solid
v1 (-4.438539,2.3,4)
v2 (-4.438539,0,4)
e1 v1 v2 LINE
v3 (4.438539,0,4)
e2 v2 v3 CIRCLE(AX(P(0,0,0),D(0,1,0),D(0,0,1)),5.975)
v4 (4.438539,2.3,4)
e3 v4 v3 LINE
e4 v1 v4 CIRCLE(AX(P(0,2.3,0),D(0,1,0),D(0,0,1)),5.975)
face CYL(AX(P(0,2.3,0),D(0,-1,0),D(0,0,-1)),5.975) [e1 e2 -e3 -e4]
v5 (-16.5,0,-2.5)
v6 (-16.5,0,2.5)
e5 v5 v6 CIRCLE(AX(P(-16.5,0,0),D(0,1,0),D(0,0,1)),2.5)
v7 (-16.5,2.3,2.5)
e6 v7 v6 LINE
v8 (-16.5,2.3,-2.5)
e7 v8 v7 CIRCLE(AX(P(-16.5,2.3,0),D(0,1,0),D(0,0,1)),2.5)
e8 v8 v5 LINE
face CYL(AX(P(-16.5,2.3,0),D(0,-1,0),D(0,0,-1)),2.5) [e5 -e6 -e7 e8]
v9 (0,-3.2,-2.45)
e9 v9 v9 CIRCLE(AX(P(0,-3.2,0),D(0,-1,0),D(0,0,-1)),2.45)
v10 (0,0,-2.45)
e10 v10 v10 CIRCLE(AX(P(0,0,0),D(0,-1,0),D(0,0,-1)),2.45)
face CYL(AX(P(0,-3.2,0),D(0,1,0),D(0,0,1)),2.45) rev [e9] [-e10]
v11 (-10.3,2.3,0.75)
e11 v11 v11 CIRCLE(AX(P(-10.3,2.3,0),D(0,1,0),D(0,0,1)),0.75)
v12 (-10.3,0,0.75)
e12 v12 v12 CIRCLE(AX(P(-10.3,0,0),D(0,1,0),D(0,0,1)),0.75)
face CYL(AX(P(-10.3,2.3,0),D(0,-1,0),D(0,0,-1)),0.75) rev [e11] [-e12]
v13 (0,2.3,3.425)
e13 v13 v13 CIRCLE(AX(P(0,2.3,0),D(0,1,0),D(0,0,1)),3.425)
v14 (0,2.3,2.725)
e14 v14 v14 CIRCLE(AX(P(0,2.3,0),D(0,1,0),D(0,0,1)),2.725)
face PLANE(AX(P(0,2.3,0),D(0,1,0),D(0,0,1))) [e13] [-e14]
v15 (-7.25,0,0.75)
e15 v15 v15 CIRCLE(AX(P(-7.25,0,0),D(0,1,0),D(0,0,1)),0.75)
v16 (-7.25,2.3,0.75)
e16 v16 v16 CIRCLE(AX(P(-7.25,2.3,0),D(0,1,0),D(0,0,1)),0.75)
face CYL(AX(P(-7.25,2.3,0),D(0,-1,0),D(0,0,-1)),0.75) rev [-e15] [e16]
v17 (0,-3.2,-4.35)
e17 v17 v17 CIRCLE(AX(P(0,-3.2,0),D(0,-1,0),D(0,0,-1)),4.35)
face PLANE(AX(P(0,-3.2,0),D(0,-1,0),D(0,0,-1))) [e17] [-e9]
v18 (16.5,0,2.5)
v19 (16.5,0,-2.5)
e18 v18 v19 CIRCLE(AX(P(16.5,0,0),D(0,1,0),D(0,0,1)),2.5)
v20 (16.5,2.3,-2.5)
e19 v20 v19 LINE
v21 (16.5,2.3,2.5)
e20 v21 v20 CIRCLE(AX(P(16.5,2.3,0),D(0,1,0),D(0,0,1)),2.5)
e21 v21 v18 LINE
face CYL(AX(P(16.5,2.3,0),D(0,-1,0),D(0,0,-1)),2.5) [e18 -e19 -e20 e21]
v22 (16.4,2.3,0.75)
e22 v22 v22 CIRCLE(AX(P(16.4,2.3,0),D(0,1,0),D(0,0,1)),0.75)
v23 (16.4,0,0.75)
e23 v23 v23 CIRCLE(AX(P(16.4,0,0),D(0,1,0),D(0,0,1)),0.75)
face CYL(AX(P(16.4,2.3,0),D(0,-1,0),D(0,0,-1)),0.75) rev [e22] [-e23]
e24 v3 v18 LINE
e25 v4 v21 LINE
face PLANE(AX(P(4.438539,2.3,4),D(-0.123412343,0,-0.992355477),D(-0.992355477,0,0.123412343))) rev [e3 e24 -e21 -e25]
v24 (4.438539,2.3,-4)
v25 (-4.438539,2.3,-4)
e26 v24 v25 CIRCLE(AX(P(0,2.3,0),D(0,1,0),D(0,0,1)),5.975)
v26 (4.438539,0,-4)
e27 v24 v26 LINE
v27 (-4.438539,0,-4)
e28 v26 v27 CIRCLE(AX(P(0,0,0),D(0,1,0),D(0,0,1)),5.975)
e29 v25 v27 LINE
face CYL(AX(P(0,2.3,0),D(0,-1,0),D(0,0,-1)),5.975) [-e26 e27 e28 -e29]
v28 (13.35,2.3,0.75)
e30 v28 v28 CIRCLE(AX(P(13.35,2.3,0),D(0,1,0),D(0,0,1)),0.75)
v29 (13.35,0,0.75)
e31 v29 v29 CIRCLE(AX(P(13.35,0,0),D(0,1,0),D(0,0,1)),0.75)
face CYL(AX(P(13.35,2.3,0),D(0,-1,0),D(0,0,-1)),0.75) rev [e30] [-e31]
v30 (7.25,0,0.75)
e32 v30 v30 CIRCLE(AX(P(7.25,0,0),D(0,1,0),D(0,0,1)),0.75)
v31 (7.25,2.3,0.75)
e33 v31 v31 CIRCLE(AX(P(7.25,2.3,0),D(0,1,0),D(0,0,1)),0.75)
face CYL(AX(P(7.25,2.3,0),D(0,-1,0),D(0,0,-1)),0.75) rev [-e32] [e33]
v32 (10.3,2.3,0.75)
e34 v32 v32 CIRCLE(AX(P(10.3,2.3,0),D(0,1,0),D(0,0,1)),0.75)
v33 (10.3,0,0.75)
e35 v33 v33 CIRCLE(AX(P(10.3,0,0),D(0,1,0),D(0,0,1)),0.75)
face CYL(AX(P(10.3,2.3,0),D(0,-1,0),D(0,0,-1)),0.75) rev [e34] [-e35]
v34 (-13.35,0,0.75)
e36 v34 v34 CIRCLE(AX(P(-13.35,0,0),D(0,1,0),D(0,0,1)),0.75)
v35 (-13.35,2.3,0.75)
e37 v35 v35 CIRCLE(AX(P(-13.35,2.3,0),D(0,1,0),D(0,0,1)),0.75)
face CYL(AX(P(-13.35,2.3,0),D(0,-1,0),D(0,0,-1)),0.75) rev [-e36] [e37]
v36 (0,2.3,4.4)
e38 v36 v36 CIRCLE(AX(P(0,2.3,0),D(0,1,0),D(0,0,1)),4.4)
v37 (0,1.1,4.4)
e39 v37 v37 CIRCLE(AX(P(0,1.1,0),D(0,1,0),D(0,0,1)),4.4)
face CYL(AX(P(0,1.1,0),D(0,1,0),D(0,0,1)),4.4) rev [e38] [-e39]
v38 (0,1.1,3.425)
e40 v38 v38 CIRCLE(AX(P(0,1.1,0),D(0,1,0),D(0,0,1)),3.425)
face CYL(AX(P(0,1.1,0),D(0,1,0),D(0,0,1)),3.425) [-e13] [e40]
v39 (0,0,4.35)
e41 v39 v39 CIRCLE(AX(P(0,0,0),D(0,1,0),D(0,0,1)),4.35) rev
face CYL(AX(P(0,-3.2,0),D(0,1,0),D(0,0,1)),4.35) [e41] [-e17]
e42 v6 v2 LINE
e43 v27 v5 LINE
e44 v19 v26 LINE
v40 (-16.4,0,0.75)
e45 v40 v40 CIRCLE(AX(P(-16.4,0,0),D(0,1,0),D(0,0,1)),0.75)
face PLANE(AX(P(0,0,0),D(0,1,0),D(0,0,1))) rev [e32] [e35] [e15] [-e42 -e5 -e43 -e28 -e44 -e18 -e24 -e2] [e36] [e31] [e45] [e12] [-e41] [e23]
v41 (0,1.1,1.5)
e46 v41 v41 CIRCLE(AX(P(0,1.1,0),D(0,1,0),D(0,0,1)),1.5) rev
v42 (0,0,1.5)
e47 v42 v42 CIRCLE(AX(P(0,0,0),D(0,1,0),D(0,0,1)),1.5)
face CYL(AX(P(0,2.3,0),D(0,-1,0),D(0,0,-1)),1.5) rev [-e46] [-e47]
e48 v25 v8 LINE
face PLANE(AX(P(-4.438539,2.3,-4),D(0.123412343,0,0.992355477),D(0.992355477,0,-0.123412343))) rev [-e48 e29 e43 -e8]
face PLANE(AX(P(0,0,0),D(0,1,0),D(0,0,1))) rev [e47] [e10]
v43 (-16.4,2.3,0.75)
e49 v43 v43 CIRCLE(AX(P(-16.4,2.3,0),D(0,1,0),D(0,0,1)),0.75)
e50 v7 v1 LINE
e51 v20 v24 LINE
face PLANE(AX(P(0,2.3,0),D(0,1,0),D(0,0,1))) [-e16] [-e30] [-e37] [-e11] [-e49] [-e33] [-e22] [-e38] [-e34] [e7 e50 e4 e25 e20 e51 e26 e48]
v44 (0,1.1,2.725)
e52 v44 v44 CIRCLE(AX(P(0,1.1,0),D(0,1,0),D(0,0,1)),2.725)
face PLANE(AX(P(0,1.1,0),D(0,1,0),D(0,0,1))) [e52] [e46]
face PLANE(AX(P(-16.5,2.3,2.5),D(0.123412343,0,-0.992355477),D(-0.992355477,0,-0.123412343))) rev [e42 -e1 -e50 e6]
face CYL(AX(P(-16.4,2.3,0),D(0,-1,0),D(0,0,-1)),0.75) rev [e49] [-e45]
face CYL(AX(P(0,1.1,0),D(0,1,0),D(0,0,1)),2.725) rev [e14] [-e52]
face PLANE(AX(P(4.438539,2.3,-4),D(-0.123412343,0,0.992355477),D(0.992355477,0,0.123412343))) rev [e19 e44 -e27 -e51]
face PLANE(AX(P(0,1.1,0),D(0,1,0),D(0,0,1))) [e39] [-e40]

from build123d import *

# Parameters (mm, degrees)
SKETCH_1_R          = 1.5
SKETCH_1_R_2        = 0.75
EXTRUDE_1_DEPTH     = 2.3
SKETCH_2_R          = 4.35
SKETCH_2_R_2        = 2.45
EXTRUDE_2_DEPTH     = 3.2
CUT_EXTRUDE_START   = -1.2
SKETCH_3_R          = 4.4
SKETCH_3_R_2        = 3.425
SKETCH_3_R_3        = 2.725
SKETCH_3_R_4        = 1.5
CUT_EXTRUDE_1_DEPTH = 1.2


with BuildPart() as part:
    # Sketch 1 → Бобышка-Вытянуть1 (new body)
    with BuildSketch(Plane(origin=(0, 0, 0), x_dir=(1, 0, 0), z_dir=(0, 1, 0))):
        with BuildLine():
            Line((4.438538611, 4), (16.5, 2.5))
            ThreePointArc((16.5, 2.5), (19, 0), (16.5, -2.5))
            Line((16.5, -2.5), (4.438538611, -4))
            ThreePointArc((4.438538611, -4), (0, -5.975), (-4.438538611, -4))
            Line((-4.438538611, -4), (-16.5, -2.5))
            ThreePointArc((-16.5, -2.5), (-19, 0), (-16.5, 2.5))
            Line((-16.5, 2.5), (-4.438538611, 4))
            ThreePointArc((-4.438538611, 4), (0, 5.975), (4.438538611, 4))
        make_face()
        with Locations(Location((0, 0, 0), (0, 0, 270))):
            Circle(SKETCH_1_R, mode=Mode.SUBTRACT)
        with Locations(Location((10.3, 0, 0), (0, 0, 270))):
            Circle(SKETCH_1_R_2, mode=Mode.SUBTRACT)
        with Locations(Location((13.35, 0, 0), (0, 0, 270))):
            Circle(SKETCH_1_R_2, mode=Mode.SUBTRACT)
        with Locations(Location((16.4, 0, 0), (0, 0, 270))):
            Circle(SKETCH_1_R_2, mode=Mode.SUBTRACT)
        with Locations(Location((-10.3, 0, 0), (0, 0, 270))):
            Circle(SKETCH_1_R_2, mode=Mode.SUBTRACT)
        with Locations(Location((-13.35, 0, 0), (0, 0, 270))):
            Circle(SKETCH_1_R_2, mode=Mode.SUBTRACT)
        with Locations(Location((-16.4, 0, 0), (0, 0, 270))):
            Circle(SKETCH_1_R_2, mode=Mode.SUBTRACT)
        with Locations(Location((7.25, 0, 0), (0, 0, 270))):
            Circle(SKETCH_1_R_2, mode=Mode.SUBTRACT)
        with Locations(Location((-7.25, 0, 0), (0, 0, 270))):
            Circle(SKETCH_1_R_2, mode=Mode.SUBTRACT)
    extrude(amount=EXTRUDE_1_DEPTH)

    # Эскиз2 → Бобышка-Вытянуть2 (add)
    with BuildSketch(Plane.XZ):
        with Locations(Location((0, 0, 0), (0, 0, 90))):
            Circle(SKETCH_2_R)
        with Locations(Location((0, 0, 0), (0, 0, 270))):
            Circle(SKETCH_2_R_2, mode=Mode.SUBTRACT)
    extrude(amount=EXTRUDE_2_DEPTH)

    # Эскиз3 → Вырез-Вытянуть1 (cut)
    # profile 1 of 2: a face of its own
    with BuildSketch(Plane(origin=(0, 2.3, 0), x_dir=(1, 0, 0), z_dir=(0, 1, 0)).offset(CUT_EXTRUDE_START)):
        with Locations(Location((0, 0, 0), (0, 0, 270))):
            Circle(SKETCH_3_R)
        with Locations(Location((0, 0, 0), (0, 0, 270))):
            Circle(SKETCH_3_R_2, mode=Mode.SUBTRACT)
    # profile 2 of 2: a face of its own
    with BuildSketch(Plane(origin=(0, 2.3, 0), x_dir=(1, 0, 0), z_dir=(0, 1, 0)).offset(CUT_EXTRUDE_START)):
        with Locations(Location((0, 0, 0), (0, 0, 270))):
            Circle(SKETCH_3_R_3)
        with Locations(Location((0, 0, 0), (0, 0, 270))):
            Circle(SKETCH_3_R_4, mode=Mode.SUBTRACT)
    extrude(amount=CUT_EXTRUDE_1_DEPTH, mode=Mode.SUBTRACT)


solid = part.part
